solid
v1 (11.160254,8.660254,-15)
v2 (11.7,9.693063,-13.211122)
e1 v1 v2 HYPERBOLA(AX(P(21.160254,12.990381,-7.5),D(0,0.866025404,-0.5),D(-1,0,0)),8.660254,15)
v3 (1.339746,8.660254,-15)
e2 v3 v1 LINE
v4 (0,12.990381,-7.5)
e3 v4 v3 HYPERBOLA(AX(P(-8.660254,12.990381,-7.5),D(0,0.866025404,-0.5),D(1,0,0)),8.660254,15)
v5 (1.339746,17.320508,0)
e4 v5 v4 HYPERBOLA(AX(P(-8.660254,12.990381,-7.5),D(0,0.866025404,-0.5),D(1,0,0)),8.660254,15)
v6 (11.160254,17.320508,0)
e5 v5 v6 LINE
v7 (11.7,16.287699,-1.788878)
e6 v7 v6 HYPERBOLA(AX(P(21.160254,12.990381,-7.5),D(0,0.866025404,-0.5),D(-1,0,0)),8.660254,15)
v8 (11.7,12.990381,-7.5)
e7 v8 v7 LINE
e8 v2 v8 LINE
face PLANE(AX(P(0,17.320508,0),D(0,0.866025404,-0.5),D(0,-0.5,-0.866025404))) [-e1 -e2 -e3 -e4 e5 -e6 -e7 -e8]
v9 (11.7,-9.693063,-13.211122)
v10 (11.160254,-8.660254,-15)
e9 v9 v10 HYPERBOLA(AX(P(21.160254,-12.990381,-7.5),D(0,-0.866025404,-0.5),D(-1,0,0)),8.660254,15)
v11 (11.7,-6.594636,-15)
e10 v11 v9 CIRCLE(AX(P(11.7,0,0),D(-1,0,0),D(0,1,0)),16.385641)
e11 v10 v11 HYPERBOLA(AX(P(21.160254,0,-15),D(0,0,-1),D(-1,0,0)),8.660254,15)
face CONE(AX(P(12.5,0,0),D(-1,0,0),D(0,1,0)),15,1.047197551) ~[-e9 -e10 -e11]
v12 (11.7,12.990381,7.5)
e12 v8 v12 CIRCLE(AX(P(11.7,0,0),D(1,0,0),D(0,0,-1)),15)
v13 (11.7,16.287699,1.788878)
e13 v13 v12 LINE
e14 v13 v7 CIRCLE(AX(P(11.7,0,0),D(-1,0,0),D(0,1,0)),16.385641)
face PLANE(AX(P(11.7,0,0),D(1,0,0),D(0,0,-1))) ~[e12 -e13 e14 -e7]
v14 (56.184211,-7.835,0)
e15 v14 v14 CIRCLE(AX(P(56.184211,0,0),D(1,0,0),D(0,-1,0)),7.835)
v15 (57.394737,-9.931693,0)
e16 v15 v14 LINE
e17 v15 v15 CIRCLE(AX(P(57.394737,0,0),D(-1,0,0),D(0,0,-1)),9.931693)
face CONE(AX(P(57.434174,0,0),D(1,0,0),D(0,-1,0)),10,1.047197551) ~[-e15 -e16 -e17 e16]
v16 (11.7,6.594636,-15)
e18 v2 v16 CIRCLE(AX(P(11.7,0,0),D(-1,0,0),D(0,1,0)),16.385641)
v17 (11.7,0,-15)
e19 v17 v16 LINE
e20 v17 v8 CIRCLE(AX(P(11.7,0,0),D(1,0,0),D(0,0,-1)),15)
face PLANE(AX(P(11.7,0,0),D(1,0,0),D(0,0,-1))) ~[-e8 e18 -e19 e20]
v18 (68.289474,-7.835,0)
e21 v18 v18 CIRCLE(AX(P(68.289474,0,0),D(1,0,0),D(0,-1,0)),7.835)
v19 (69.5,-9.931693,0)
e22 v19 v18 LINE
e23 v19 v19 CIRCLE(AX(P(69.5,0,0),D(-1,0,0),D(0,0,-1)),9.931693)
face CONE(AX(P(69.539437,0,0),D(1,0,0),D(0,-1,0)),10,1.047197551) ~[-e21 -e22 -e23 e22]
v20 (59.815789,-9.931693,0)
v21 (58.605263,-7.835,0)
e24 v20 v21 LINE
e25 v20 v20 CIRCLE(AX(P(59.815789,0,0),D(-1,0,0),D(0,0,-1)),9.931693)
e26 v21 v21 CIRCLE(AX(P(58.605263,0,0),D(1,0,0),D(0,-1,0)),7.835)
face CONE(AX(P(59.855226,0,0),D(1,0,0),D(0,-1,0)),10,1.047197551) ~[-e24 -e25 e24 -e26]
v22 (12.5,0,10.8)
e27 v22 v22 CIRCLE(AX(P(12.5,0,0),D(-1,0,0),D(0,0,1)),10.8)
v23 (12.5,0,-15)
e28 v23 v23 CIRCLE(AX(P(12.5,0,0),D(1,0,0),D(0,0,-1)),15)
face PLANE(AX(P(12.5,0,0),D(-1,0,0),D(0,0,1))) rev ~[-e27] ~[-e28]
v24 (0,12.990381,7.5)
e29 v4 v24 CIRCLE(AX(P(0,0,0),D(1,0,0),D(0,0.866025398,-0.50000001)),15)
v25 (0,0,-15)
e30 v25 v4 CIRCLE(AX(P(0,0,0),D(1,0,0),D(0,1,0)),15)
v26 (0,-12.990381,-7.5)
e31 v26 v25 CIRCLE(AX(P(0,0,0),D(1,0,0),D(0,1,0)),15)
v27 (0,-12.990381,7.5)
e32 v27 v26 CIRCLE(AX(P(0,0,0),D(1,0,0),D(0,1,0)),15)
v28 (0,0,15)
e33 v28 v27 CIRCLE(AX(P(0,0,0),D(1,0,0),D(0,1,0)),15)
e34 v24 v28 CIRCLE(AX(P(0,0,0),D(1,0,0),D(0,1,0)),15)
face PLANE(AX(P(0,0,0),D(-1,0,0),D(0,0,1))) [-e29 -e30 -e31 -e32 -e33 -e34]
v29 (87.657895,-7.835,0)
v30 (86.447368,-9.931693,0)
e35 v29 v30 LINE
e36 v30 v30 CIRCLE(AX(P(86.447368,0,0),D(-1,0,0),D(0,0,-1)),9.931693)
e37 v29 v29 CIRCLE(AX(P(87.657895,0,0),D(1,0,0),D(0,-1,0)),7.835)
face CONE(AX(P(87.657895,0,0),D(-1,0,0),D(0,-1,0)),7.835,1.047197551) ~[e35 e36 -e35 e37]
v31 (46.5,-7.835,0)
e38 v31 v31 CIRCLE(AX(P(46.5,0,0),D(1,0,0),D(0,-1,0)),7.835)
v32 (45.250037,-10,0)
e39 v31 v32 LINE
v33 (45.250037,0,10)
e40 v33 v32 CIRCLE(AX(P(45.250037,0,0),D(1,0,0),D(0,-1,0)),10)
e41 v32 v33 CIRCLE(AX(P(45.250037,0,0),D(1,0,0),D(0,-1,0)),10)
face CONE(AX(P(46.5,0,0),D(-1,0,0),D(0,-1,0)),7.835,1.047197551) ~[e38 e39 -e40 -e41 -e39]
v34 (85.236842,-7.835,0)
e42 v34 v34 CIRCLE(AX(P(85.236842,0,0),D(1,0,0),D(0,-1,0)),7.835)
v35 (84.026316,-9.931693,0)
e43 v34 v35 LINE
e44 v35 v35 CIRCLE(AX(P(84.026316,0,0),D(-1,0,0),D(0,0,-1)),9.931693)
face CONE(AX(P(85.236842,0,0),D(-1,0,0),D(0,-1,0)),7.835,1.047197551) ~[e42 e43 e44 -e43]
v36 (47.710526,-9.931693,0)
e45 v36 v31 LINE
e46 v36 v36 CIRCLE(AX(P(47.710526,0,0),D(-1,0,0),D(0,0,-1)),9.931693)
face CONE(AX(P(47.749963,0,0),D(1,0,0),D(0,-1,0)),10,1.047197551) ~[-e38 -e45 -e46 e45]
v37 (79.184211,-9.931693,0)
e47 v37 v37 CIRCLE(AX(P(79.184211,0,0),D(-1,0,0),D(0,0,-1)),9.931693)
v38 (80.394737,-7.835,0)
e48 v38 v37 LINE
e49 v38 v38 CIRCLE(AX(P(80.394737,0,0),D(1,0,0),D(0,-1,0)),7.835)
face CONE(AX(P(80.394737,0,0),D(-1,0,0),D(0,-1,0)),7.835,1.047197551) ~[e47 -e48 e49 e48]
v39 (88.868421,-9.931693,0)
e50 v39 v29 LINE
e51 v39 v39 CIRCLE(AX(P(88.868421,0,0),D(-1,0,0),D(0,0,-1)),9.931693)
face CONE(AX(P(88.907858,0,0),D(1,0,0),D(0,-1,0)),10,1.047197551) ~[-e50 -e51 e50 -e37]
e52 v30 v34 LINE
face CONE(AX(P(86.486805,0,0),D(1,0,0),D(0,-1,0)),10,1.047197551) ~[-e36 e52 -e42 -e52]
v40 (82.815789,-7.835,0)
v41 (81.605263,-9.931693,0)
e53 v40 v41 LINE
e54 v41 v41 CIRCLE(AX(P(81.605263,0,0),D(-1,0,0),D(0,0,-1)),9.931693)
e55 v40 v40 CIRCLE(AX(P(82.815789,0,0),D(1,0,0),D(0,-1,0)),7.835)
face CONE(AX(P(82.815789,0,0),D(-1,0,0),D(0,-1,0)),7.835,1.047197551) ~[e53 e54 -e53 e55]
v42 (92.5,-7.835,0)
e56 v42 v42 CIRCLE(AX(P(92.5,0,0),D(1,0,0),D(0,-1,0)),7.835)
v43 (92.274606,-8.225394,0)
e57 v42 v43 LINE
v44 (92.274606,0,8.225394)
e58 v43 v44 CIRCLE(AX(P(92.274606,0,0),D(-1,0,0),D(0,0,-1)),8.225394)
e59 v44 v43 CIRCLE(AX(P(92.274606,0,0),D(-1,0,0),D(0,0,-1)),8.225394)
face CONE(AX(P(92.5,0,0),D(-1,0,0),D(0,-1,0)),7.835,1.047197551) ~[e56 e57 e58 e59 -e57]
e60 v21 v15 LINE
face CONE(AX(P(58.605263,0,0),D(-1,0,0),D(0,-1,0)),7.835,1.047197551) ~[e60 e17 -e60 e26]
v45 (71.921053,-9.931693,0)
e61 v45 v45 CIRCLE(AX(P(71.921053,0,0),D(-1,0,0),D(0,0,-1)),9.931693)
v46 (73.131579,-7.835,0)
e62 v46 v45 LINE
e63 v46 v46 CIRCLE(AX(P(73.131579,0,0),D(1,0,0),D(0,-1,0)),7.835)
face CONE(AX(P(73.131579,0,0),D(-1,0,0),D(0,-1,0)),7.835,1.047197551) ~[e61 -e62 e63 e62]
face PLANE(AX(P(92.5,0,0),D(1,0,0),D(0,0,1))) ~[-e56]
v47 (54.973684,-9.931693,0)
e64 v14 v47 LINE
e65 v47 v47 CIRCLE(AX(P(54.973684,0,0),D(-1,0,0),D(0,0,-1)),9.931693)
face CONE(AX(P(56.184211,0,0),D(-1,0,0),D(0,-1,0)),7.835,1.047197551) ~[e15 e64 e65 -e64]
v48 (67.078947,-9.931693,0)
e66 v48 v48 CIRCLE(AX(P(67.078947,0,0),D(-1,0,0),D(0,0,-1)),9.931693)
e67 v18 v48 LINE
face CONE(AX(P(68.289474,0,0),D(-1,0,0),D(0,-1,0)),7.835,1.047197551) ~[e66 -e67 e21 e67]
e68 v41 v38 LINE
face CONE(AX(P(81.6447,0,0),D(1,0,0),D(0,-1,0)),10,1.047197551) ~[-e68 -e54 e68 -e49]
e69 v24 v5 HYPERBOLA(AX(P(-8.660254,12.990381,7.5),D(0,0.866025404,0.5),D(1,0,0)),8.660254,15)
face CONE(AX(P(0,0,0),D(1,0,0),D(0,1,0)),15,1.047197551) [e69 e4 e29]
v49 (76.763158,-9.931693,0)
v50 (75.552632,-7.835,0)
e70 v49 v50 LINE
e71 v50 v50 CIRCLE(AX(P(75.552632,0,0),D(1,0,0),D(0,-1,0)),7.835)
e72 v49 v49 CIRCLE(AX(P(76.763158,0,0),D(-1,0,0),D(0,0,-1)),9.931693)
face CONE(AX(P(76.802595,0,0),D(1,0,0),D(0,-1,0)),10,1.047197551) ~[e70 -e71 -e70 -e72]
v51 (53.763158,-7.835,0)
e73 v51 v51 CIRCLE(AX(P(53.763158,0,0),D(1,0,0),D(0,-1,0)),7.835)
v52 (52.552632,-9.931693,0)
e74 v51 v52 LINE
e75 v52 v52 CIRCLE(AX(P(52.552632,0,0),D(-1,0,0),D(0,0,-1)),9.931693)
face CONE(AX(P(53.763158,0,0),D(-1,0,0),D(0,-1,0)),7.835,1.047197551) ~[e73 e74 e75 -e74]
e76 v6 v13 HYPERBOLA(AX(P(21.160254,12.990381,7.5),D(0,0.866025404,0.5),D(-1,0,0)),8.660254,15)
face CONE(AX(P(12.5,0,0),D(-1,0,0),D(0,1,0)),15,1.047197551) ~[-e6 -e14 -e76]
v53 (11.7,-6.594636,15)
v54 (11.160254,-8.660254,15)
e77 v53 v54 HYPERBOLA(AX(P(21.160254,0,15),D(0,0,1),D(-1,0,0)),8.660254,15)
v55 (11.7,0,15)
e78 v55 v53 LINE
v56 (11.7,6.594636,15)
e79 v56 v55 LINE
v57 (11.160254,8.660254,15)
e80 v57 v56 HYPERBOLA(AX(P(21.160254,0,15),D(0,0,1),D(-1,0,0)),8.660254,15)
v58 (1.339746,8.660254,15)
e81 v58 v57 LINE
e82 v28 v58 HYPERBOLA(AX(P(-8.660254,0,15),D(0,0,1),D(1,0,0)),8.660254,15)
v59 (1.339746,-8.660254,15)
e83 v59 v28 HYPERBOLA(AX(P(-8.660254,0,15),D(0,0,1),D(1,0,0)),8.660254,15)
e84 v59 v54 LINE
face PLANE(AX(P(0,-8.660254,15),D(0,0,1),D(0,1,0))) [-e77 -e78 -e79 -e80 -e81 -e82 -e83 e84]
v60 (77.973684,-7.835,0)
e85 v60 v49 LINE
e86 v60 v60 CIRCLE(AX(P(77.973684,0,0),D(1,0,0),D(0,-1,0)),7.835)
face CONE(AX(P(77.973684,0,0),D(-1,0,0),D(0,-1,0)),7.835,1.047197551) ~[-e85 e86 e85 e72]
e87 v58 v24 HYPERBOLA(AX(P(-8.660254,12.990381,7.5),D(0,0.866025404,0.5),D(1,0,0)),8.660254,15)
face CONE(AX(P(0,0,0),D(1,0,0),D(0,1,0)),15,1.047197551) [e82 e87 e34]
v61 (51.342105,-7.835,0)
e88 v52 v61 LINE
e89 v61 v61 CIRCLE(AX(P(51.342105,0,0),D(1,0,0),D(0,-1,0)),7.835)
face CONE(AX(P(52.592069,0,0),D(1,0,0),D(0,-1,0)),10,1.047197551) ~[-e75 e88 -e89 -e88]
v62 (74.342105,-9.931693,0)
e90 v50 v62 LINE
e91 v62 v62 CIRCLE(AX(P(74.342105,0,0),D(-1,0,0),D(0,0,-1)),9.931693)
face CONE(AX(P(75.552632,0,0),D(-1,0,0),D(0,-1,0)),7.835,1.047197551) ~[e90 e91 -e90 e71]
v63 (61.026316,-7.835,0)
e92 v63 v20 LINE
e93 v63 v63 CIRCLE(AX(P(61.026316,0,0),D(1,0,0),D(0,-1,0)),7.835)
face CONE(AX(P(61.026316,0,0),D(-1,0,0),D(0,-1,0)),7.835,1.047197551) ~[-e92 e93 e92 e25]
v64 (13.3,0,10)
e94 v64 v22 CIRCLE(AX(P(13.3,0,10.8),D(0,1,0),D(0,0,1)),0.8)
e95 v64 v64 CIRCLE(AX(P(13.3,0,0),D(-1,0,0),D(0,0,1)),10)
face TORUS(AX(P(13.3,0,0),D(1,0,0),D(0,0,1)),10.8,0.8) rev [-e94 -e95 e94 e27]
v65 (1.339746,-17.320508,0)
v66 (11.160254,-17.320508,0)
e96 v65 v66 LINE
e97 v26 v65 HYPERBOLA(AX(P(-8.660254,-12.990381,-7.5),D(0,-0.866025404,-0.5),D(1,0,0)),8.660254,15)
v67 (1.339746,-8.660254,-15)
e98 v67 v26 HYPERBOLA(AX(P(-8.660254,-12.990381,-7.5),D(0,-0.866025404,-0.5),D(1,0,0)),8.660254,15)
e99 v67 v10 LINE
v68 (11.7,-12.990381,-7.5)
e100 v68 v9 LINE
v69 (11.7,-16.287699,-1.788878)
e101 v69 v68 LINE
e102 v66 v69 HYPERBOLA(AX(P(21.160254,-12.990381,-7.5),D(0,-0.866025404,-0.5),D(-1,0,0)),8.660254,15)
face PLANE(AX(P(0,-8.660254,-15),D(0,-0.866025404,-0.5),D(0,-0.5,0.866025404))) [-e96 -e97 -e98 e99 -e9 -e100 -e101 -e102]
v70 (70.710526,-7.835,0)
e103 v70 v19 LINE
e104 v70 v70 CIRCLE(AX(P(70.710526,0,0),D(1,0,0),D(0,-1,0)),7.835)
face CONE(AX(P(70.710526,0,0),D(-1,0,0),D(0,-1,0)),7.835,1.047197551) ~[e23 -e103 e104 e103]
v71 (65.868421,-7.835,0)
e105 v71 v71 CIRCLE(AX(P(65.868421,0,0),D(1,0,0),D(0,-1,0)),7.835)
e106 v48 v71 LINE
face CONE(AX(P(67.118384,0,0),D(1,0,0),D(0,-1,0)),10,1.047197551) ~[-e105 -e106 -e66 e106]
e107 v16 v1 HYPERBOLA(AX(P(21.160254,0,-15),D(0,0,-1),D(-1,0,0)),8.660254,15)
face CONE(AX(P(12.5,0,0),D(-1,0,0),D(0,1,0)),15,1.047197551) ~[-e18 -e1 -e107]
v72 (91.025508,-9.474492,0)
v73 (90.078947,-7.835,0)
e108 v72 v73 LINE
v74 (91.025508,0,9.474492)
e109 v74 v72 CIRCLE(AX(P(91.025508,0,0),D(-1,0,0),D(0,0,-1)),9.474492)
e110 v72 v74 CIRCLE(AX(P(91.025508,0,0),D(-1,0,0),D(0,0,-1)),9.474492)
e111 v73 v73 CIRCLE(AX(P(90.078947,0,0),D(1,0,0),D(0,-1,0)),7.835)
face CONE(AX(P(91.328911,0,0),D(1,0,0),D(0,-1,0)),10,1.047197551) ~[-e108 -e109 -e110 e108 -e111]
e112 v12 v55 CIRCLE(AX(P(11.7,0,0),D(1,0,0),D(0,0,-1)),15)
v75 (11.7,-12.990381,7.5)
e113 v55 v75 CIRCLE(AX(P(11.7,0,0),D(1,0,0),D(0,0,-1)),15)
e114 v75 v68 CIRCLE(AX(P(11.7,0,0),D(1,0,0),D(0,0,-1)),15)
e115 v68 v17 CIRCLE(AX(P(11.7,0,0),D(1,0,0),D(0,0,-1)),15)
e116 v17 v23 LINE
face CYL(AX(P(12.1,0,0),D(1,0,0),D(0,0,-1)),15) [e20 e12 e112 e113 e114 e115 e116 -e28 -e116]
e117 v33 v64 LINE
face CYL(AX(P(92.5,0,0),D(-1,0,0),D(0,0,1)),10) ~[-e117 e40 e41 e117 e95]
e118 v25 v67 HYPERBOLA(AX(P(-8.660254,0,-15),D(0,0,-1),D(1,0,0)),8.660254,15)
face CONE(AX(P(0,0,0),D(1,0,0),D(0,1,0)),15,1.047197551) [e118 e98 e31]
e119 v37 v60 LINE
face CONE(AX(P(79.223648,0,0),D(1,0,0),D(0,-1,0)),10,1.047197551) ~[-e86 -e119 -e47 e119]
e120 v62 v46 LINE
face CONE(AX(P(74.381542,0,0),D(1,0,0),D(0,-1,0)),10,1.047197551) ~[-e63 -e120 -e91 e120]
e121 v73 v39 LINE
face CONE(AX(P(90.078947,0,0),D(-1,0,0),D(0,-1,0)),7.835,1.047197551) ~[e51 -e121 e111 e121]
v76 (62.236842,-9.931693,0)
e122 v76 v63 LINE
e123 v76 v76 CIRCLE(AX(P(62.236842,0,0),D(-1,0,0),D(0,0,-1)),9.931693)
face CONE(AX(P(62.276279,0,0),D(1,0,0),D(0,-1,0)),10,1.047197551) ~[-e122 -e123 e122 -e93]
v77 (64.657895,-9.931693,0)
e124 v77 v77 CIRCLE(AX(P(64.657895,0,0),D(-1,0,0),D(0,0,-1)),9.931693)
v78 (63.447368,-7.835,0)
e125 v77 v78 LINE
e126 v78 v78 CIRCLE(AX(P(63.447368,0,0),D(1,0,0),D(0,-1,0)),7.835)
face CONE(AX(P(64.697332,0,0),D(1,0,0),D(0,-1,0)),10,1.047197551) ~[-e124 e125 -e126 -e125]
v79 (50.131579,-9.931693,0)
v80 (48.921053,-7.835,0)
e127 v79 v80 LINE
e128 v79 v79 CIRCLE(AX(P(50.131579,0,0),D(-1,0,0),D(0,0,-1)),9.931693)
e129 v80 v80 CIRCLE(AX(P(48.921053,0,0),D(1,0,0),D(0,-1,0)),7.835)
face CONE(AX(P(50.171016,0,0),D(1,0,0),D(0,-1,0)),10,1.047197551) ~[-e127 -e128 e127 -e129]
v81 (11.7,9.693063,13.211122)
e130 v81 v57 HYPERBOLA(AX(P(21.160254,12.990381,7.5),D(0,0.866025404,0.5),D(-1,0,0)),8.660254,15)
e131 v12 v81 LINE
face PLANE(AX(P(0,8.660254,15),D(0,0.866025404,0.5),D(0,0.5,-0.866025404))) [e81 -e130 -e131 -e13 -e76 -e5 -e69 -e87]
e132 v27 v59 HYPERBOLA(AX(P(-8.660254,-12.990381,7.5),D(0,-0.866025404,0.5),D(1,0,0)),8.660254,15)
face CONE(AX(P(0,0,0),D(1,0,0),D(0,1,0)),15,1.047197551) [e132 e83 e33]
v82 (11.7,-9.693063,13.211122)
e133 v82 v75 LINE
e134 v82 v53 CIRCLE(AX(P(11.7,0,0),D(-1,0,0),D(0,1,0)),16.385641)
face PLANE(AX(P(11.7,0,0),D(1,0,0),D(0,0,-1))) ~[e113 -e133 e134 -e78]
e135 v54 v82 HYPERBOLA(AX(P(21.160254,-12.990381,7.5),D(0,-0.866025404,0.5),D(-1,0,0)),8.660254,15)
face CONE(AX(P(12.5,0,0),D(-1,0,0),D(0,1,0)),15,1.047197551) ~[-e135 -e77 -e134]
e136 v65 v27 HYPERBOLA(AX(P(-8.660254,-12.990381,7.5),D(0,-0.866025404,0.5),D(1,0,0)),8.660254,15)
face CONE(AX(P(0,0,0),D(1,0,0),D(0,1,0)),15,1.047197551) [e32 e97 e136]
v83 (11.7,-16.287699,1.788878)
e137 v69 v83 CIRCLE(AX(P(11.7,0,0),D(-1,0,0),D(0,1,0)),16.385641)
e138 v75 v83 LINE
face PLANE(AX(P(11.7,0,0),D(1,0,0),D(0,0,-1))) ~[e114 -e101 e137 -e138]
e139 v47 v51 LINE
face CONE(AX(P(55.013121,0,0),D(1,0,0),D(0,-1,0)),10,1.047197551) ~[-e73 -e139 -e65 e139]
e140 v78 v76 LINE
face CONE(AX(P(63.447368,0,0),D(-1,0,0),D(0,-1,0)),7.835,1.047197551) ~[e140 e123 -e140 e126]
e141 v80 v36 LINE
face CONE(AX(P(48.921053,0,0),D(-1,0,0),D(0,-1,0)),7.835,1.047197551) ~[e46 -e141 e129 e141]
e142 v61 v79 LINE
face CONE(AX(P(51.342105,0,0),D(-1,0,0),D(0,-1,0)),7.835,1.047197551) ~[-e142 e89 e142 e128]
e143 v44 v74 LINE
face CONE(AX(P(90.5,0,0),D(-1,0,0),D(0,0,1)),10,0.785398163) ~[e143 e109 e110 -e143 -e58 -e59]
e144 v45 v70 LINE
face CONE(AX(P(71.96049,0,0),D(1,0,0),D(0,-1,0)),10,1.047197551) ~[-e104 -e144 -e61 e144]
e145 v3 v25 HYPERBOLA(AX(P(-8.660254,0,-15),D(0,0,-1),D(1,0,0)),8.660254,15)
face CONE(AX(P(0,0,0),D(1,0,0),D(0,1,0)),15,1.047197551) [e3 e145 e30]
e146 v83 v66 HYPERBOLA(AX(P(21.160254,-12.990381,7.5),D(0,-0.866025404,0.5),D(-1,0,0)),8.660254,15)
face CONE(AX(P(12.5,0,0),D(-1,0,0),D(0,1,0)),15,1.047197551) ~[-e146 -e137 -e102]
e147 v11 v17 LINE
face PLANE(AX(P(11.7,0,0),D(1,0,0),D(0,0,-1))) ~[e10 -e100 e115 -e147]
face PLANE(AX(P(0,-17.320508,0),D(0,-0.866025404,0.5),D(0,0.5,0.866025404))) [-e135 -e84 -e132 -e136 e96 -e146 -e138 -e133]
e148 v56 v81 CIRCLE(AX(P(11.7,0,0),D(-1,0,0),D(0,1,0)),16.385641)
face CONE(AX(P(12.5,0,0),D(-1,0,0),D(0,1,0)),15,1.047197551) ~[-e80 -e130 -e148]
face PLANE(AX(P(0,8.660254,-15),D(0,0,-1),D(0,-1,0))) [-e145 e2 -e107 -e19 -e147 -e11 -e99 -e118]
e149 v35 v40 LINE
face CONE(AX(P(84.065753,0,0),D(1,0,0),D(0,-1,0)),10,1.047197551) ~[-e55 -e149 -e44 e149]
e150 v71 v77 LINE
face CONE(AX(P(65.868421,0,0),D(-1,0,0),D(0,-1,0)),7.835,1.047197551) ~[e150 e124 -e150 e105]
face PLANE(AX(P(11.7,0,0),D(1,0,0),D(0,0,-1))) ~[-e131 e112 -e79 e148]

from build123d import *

# Parameters (mm, degrees)
EXTRUDE_373_DEPTH      = 12.5
SKETCH_4_W             = 0.8
SKETCH_4_H             = 12.320508076
CHAMFER_2074_SIZE      = 2
FILLET_2116_R          = 0.8
PATTERN_LINEAR_1_COUNT = 20
PATTERN_LINEAR_1_PITCH = 2.421052632


with BuildPart() as part:
    # 草图1 → Extrude 373 (new body)
    with BuildSketch(Plane(origin=(0, 0, 0), x_dir=(0, 0, -1), z_dir=(1, 0, 0))):
        Polygon((15, 8.660254038), (15, -8.660254038), (0, -17.320508076), (-15, -8.660254038), (-15, 8.660254038), (0, 17.320508076), align=None)
    extrude(amount=EXTRUDE_373_DEPTH)

    # 草图2 → 凸台-旋转1 (revolve)
    with BuildSketch(Plane.XY, mode=Mode.PRIVATE) as revolve_1_sk:
        Polygon((0, 0), (92.5, 0), (92.5, 7.835), (92.5, 10), (27.8072, 10), (0, 10), align=None)
    revolve(revolve_1_sk.sketch.rotate(Axis((0, 0, 0), (1, 0, 0)), 90), axis=Axis((0, 0, 0), (1, 0, 0)))

    # 草图3 → 切除-旋转1 (revolve, cut)
    with BuildSketch(Plane.XY):
        Polygon((0, 15), (4.226497308, 22.320508076), (4.226497308, 27.320508076), (-10, 27.320508076), (-10, 15), align=None)
    revolve(axis=Axis((0, 0, 0), (1, 0, 0)), mode=Mode.SUBTRACT)

    # 草图5 → 切除-旋转2 (revolve, cut)
    with BuildSketch(Plane.XY):
        Polygon((12.5, 15), (8.273502692, 22.320508076), (8.273502692, 27.320508076), (18.273502692, 27.320508076), (18.273502692, 15), align=None)
    revolve(axis=Axis((0, 0, 0), (1, 0, 0)), mode=Mode.SUBTRACT)

    # 草图4 → 切除-旋转3 (revolve, cut)
    with BuildSketch(Plane.XY, mode=Mode.PRIVATE) as cut_revolve_3_sk:
        with Locations((12.1, 21.160254038)):
            Rectangle(SKETCH_4_W, SKETCH_4_H)
    revolve(cut_revolve_3_sk.sketch.rotate(Axis((0, 0, 0), (1, 0, 0)), 270), axis=Axis((0, 0, 0), (1, 0, 0)), mode=Mode.SUBTRACT)

    # Chamfer 2074
    chamfer_2074_edges = [part.edges().sort_by_distance(p)[0] for p in [
        (92.5, 0, -10),
    ]]
    chamfer(chamfer_2074_edges, length=CHAMFER_2074_SIZE)

    # Fillet 2116
    fillet_2116_edges = [part.edges().sort_by_distance(p)[0] for p in [
        (12.5, 0, -10),
    ]]
    fillet(fillet_2116_edges, radius=FILLET_2116_R)

    # 草图6 → 切除-旋转4 (revolve, cut)
    with BuildSketch(Plane.XY):
        Polygon((46.5, -7.835), (45.250036667, -10), (45.250036667, -12.5), (47.749963333, -12.5), (47.749963333, -10), align=None)
    cut_revolve_4 = revolve(axis=Axis((-3.175, 0, 0), (1, 0, 0)), mode=Mode.SUBTRACT)

    # 阵列(线性)1: 切除-旋转4 ×20
    with Locations(*[(i * PATTERN_LINEAR_1_PITCH, 0, 0) for i in range(1, PATTERN_LINEAR_1_COUNT)]):
        add(cut_revolve_4, mode=Mode.SUBTRACT)


solid = part.part
